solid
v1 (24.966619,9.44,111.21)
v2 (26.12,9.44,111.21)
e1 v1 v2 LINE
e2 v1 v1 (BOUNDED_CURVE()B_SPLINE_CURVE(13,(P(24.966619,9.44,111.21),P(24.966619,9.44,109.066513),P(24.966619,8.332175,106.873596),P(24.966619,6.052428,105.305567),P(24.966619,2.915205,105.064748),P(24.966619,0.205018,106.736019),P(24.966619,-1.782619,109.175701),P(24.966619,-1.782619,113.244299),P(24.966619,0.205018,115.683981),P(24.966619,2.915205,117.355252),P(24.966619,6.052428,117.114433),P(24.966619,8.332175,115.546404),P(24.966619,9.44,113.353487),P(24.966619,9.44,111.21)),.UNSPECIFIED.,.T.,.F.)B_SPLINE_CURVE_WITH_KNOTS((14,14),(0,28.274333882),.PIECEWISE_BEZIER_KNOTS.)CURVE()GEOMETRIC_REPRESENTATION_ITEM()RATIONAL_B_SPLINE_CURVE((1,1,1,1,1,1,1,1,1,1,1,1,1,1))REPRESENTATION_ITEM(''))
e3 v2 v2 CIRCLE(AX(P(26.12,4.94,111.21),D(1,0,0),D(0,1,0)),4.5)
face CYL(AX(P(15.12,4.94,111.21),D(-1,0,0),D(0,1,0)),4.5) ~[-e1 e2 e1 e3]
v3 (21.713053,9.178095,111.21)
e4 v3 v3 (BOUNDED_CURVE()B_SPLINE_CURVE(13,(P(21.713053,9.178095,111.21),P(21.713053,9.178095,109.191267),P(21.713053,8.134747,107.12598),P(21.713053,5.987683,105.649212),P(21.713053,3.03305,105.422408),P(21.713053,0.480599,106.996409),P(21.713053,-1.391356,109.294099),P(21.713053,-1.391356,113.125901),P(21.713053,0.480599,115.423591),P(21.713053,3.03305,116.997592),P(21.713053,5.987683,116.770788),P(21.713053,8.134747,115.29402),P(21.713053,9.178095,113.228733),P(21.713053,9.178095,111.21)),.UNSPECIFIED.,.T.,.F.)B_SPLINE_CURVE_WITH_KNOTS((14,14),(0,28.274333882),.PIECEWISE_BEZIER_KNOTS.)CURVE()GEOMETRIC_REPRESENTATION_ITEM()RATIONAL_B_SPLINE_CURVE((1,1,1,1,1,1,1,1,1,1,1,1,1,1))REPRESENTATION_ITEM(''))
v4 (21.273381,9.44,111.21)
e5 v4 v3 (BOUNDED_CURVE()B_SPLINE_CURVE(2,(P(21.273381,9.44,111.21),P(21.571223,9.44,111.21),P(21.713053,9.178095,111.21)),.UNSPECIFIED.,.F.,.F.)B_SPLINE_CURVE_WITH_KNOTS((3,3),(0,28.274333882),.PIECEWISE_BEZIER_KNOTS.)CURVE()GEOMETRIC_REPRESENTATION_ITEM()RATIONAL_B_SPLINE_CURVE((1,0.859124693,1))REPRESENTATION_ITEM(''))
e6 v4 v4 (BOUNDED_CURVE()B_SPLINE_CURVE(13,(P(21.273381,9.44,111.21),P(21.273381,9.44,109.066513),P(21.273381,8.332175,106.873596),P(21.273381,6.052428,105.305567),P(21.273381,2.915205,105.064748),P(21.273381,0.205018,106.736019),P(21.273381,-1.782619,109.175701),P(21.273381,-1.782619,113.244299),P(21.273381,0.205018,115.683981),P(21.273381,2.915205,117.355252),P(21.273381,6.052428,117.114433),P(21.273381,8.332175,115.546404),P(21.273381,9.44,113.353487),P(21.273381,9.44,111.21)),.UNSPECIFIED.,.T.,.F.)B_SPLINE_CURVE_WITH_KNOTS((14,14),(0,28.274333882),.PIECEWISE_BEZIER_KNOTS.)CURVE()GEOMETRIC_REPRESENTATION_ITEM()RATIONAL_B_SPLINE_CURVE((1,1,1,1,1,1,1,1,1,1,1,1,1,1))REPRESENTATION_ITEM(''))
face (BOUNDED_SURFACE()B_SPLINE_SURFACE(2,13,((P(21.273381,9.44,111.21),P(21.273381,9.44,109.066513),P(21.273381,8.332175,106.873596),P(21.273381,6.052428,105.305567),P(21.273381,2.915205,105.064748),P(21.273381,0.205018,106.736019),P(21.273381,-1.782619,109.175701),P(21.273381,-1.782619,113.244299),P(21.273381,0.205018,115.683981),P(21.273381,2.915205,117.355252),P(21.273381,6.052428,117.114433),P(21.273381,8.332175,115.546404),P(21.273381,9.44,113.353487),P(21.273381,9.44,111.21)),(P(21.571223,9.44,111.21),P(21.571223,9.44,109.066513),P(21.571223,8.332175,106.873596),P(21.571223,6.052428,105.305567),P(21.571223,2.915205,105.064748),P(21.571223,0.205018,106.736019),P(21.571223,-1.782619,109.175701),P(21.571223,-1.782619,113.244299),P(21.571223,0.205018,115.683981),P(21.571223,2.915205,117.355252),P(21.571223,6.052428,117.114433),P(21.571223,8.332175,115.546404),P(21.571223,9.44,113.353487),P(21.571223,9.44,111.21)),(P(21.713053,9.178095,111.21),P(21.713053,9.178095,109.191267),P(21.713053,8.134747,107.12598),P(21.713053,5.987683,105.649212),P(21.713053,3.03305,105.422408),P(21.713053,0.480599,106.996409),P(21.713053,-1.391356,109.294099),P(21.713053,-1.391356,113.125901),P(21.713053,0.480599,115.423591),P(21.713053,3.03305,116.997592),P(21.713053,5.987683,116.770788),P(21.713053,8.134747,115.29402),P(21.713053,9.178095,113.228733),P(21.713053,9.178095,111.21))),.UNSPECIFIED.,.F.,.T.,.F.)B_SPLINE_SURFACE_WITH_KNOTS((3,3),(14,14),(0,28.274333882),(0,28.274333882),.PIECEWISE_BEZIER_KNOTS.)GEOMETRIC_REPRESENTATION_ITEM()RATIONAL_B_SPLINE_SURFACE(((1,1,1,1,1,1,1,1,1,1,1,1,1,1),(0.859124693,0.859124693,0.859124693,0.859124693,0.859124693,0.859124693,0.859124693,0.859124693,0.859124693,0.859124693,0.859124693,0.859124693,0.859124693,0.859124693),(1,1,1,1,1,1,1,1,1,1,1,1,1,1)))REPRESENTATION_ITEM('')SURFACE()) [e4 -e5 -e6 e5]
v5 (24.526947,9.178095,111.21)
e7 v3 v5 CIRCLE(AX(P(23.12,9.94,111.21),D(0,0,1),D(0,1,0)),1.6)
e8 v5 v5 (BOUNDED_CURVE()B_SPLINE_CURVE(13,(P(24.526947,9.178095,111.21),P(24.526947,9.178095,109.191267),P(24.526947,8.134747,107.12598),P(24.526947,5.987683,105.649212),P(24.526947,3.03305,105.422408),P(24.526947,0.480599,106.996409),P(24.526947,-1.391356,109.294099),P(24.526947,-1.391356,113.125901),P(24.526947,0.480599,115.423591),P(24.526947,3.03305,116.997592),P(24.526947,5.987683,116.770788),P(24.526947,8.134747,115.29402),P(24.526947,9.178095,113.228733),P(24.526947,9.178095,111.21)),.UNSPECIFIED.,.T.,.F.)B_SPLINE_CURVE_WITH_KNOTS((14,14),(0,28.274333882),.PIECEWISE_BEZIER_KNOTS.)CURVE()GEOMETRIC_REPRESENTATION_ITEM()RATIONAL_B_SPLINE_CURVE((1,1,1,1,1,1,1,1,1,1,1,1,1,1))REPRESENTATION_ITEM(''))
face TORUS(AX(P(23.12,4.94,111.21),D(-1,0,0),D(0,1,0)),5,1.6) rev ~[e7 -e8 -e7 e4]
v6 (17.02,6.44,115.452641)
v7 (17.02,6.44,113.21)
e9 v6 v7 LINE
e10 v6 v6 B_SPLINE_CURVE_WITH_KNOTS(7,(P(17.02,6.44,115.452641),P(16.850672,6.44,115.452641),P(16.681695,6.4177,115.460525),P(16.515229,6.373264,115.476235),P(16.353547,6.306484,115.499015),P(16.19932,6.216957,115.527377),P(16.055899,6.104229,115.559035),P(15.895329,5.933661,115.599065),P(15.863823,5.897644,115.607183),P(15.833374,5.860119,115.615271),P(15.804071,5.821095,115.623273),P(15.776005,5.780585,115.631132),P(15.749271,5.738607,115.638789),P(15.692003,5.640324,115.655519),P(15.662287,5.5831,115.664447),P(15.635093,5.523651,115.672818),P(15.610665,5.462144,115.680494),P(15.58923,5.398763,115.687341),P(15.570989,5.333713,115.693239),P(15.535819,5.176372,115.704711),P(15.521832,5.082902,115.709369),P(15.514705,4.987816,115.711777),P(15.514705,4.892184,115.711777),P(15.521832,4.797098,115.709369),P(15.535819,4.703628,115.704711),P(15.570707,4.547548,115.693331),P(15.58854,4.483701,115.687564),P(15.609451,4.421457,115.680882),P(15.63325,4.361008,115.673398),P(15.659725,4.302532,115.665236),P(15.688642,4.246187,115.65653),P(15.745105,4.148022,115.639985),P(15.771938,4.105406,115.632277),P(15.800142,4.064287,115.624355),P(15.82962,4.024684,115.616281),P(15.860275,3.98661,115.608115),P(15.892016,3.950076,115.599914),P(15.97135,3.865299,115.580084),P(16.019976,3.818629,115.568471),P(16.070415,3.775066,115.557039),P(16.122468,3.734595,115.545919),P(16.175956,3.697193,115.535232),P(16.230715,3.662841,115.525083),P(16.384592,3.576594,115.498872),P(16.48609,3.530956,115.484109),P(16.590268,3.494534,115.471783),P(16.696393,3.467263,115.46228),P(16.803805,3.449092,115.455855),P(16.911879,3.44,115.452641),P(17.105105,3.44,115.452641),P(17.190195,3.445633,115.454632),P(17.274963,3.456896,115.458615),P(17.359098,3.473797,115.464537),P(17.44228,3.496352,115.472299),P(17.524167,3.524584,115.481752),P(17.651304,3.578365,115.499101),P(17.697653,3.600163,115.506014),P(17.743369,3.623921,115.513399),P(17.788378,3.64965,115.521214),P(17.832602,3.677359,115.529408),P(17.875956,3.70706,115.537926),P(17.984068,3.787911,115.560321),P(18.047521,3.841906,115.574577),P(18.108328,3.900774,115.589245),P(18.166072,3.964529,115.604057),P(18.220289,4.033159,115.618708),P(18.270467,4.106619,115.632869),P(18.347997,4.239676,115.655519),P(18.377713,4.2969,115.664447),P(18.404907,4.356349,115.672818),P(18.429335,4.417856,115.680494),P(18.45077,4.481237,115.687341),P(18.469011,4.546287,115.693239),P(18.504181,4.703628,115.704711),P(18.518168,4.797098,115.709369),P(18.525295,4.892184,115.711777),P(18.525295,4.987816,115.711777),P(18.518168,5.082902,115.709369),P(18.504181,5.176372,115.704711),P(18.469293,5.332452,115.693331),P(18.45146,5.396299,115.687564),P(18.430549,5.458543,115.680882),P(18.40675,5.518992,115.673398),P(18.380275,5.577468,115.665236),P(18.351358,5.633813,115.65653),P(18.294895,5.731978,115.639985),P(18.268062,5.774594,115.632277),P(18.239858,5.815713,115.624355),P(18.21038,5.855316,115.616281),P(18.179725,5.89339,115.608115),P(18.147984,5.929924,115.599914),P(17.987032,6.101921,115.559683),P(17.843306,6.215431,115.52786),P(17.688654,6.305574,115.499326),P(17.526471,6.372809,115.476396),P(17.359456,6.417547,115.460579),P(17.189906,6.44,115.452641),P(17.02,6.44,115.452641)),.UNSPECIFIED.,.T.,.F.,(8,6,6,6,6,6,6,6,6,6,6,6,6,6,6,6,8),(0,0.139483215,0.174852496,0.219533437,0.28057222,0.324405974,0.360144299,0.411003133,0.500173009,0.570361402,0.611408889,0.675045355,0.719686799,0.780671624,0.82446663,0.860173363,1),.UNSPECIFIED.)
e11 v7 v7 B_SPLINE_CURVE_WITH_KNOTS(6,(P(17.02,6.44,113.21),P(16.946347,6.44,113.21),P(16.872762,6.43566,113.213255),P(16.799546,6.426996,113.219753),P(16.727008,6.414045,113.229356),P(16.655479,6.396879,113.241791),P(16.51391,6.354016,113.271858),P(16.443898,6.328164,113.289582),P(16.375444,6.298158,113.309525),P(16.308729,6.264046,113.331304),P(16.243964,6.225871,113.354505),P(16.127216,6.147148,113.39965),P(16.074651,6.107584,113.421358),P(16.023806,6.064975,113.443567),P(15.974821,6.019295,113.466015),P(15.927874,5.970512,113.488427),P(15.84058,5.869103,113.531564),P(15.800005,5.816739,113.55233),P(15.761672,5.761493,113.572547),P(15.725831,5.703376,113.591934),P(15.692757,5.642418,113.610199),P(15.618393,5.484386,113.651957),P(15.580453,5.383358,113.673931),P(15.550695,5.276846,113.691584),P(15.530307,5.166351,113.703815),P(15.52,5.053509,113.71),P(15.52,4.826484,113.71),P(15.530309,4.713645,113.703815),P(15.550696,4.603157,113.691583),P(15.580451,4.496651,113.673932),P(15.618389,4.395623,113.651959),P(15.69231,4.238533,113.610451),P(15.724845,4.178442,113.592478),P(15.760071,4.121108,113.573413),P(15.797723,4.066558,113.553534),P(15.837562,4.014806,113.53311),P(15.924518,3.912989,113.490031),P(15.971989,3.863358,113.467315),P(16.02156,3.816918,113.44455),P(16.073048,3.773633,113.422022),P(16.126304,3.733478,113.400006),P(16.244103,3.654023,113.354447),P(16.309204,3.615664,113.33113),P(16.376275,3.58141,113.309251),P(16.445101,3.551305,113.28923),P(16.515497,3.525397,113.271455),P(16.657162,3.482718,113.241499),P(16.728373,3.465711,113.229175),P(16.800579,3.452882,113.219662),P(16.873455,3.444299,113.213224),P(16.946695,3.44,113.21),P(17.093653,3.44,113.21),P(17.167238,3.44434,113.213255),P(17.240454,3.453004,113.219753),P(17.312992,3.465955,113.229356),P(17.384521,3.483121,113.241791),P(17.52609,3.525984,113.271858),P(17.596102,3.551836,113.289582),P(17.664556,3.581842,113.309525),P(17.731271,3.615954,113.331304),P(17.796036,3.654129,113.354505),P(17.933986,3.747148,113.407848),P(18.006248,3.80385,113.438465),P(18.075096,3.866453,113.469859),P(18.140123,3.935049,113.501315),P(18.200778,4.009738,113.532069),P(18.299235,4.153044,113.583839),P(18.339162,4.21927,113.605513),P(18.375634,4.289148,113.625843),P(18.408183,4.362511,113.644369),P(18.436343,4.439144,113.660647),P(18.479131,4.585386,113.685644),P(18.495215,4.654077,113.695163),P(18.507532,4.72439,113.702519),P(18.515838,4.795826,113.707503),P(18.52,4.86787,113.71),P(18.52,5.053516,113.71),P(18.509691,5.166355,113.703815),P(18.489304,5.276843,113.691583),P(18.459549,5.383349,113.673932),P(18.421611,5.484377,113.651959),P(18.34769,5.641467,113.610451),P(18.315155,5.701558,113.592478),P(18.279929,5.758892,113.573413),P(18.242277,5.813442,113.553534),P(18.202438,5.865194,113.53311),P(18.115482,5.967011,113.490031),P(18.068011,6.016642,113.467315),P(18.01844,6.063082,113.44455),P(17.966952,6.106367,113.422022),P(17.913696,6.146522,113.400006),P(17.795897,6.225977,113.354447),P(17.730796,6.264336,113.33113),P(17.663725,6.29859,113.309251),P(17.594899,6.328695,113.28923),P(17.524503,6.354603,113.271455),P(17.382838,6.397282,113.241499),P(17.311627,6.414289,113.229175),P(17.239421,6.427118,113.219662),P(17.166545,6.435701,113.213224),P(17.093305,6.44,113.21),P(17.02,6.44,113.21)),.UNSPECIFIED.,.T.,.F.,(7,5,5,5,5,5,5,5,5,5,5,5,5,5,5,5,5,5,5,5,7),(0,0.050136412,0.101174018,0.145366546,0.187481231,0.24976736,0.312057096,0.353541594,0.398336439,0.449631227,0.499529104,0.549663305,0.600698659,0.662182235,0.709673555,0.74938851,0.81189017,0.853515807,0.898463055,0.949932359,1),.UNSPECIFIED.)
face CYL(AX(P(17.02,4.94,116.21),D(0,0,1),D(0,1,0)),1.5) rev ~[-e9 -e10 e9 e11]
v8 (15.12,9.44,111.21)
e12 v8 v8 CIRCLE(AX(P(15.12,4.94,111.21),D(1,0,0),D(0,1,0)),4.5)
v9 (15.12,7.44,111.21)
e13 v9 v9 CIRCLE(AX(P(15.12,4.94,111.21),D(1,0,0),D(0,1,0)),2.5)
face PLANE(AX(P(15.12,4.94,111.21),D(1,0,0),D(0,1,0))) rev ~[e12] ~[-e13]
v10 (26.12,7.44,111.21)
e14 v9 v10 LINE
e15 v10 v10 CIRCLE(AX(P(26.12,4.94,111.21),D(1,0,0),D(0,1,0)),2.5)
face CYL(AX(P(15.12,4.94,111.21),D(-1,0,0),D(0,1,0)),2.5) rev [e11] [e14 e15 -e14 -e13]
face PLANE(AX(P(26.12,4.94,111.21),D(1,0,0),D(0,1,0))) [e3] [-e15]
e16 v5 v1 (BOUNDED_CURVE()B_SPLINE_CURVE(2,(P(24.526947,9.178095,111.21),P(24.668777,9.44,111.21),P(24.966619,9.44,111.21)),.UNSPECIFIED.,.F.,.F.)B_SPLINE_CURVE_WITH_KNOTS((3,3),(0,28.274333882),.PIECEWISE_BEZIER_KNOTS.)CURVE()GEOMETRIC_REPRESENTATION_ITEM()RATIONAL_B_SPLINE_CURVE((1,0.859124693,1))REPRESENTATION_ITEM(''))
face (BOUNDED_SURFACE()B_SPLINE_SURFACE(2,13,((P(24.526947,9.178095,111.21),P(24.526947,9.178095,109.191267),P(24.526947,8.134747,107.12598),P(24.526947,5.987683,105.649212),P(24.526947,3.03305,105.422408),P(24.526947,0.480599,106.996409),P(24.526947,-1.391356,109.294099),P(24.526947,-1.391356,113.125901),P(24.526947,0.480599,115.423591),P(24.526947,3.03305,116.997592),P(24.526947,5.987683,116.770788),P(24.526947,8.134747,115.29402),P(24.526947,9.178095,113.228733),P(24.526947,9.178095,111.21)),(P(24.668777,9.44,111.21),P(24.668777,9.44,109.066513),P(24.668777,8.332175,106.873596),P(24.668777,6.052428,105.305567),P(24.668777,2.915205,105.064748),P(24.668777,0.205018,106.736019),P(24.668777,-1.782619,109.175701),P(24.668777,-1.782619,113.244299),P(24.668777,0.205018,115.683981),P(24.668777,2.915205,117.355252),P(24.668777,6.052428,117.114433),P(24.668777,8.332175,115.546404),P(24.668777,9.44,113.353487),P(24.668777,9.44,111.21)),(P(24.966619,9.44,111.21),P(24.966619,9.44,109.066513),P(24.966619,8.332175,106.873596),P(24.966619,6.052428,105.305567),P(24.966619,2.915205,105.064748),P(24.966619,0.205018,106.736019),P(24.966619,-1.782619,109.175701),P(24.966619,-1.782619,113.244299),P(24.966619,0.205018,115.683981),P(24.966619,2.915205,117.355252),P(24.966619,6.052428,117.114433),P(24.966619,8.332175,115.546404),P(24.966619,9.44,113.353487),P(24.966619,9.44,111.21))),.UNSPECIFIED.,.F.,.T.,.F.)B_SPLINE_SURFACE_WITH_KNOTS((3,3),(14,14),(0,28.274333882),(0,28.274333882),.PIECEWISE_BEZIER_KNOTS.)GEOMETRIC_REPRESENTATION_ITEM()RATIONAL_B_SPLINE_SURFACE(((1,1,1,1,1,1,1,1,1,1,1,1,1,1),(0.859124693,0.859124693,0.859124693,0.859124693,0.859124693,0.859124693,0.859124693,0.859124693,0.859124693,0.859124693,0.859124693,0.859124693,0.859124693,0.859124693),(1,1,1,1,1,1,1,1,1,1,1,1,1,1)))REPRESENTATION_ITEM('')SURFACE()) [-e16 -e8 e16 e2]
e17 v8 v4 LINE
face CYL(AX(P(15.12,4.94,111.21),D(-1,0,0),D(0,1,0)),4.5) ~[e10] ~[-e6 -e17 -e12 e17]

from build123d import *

# Parameters (mm, degrees)
SKETCH240_R             = 4.5
SKETCH240_R_2           = 2.5
PAD102_DEPTH            = 11
SKETCH241_R             = 1.5
POCKET047_DEPTH         = 5
SKETCH242_R             = 1.6
FILLET_R                = 0.5
BODY010_PLACEMENT_ANGLE = 90


with BuildPart() as part:
    # Sketch240 → Pad102 (new body)
    with BuildSketch(Plane.XZ):
        Circle(SKETCH240_R)
        Circle(SKETCH240_R_2, mode=Mode.SUBTRACT)
    extrude(amount=PAD102_DEPTH)

    # Sketch241 (on DatumPlane) → Pocket047 (cut)
    with BuildSketch(Plane.XY.offset(5)):
        with Locations((0, -1.9)):
            Circle(SKETCH241_R)
    extrude(amount=-POCKET047_DEPTH, mode=Mode.SUBTRACT)

    # Sketch242 (on DatumPlane) → Groove (revolve, cut)
    with BuildSketch(Plane.XY):
        with Locations((5, -8)):
            Circle(SKETCH242_R)
    revolve(axis=Axis((0, 0, 0), (0, 1, 0)), mode=Mode.SUBTRACT)

    # Fillet
    fillet_edges = [part.edges().sort_by_distance(p)[0] for p in [
        (-4.5, -9.519868, 0),
        (-4.5, -6.480132, 0),
    ]]
    fillet(fillet_edges, radius=FILLET_R)


with BuildPart() as part_1:
    # Body010 placement: moved
    add(part.part.moved(Location((15.12, 4.94, 111.21))).rotate(Axis((15.12, 4.94, 111.21), (0, 0, 1)), BODY010_PLACEMENT_ANGLE))


solid = part_1.part
